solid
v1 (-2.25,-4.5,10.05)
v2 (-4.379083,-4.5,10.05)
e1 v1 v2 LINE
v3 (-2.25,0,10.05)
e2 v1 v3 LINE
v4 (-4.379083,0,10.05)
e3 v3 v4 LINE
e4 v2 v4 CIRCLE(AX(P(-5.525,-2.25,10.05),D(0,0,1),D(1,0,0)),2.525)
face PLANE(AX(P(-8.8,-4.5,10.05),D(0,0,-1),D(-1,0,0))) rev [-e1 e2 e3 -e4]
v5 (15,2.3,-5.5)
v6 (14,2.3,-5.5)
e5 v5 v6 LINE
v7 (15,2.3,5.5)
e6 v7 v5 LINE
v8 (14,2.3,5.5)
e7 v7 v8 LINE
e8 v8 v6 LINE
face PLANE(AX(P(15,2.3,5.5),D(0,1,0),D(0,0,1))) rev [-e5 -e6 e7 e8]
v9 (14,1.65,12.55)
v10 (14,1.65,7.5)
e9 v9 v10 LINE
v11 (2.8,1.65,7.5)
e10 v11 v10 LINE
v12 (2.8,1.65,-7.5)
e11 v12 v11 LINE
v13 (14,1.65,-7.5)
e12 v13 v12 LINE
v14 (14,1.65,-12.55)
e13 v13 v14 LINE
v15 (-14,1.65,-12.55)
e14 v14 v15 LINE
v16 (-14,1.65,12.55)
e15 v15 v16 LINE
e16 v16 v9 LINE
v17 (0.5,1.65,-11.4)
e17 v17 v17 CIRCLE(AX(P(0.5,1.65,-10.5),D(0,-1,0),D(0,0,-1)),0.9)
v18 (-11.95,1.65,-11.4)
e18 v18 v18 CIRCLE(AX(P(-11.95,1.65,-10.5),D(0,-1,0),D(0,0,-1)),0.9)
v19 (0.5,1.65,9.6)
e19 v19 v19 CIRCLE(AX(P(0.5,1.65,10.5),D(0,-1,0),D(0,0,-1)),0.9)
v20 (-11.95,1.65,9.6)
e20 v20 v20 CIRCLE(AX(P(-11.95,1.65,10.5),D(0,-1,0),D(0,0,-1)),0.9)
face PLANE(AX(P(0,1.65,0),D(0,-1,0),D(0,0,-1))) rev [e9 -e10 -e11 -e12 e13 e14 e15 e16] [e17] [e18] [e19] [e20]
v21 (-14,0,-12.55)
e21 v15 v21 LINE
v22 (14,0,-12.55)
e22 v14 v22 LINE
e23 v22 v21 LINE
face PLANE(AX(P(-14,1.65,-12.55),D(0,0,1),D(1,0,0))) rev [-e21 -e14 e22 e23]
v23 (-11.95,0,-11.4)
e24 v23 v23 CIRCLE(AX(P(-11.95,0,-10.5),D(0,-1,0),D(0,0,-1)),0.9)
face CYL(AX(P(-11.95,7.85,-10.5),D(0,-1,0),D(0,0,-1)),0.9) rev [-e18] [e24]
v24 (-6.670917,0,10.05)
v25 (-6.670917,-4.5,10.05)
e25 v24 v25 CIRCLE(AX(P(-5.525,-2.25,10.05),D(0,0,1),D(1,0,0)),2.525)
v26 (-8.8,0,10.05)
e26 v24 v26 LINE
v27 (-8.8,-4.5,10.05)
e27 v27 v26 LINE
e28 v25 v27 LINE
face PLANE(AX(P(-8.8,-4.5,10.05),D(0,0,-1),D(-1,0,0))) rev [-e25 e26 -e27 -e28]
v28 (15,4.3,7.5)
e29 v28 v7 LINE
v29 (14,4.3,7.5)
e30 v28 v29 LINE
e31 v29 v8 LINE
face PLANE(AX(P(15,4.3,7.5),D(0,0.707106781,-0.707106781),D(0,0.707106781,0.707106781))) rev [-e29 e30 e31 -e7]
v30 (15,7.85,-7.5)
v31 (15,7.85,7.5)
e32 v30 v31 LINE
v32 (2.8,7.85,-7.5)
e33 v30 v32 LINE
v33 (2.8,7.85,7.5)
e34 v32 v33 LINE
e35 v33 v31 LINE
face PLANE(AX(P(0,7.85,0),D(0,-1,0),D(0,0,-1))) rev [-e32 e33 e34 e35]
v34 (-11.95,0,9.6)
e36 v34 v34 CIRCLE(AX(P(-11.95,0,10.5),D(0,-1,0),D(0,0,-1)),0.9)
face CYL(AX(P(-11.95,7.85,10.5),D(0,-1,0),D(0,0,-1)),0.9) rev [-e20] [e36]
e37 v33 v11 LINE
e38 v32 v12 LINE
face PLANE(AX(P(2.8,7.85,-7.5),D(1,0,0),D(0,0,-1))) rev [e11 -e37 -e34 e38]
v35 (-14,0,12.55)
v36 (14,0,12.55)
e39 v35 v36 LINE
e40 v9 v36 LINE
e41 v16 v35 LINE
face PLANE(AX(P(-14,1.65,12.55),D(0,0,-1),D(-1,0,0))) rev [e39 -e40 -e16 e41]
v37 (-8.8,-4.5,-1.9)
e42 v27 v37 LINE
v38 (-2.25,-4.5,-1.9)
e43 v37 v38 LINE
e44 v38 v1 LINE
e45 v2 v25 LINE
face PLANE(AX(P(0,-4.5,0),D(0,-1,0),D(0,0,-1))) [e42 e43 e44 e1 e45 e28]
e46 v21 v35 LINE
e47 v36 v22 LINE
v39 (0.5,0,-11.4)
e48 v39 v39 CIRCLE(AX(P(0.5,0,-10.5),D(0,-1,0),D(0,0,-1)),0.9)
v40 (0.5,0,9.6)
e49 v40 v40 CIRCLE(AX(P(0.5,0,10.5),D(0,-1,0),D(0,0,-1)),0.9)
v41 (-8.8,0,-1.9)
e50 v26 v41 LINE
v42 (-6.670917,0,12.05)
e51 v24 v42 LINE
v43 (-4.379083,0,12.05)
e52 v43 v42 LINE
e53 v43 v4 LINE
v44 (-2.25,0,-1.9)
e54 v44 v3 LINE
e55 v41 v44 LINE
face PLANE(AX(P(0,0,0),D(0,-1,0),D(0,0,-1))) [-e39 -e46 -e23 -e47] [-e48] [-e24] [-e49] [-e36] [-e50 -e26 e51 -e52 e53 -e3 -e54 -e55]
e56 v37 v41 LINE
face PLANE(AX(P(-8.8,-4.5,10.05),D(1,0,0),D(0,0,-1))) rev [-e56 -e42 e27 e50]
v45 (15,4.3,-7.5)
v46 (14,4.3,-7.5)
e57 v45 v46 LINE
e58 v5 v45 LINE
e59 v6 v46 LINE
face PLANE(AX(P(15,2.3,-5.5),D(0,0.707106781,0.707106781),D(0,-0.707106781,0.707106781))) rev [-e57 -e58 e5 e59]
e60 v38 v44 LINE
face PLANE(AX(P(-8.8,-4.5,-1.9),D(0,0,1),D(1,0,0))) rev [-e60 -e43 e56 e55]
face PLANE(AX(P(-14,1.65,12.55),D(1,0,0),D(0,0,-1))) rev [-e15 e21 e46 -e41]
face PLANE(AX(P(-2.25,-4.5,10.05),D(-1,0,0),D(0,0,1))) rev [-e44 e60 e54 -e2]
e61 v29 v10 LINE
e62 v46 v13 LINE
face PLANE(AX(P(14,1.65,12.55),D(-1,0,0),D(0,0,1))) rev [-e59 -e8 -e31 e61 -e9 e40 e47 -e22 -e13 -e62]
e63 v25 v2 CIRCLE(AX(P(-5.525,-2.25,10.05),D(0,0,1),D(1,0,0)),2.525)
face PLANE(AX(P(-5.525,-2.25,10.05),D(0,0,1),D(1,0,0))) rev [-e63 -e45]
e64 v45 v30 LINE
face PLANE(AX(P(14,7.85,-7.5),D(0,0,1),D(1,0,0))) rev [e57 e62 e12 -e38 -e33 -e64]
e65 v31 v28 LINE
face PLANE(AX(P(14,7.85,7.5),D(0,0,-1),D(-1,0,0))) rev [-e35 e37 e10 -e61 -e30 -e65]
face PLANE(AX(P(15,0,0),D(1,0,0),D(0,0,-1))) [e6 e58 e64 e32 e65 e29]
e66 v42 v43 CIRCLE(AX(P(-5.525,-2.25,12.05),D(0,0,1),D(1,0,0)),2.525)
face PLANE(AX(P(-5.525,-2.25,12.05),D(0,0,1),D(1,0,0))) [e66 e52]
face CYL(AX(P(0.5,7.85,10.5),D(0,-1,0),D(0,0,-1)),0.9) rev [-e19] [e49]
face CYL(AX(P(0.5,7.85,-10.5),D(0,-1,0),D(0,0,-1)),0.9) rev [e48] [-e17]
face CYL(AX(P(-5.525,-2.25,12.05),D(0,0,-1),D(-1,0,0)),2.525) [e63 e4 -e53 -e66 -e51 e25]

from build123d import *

# Parameters (mm, degrees)
SKETCH1_W           = 28
SKETCH1_H           = 25.1
BOSS_EXTRUDE1_DEPTH = 1.65
SKETCH2_W           = 11.2
SKETCH2_H           = 15
BOSS_EXTRUDE2_DEPTH = 6.2
BOSS_EXTRUDE3_DEPTH = 1
SKETCH4_W           = 6.55
SKETCH4_H           = 11.95
BOSS_EXTRUDE4_DEPTH = 4.5
SKETCH5_R           = 2.525
BOSS_EXTRUDE5_DEPTH = 2
SKETCH6_R           = 0.9
CUT_EXTRUDE1_DEPTH  = 22.074273416


with BuildPart() as part:
    # Sketch1 → Boss-Extrude1 (new body)
    with BuildSketch(Plane(origin=(0, 0, 0), x_dir=(1, 0, 0), z_dir=(0, 1, 0))):
        Rectangle(SKETCH1_W, SKETCH1_H)
    extrude(amount=BOSS_EXTRUDE1_DEPTH)

    # Sketch2 → Boss-Extrude2 (add)
    with BuildSketch(Plane(origin=(0, 1.65, 0), x_dir=(1, 0, 0), z_dir=(0, 1, 0))):
        with Locations((8.4, 0)):
            Rectangle(SKETCH2_W, SKETCH2_H)
    extrude(amount=BOSS_EXTRUDE2_DEPTH)

    # Sketch3 → Boss-Extrude3 (add)
    with BuildSketch(Plane(origin=(14, 0, 0), x_dir=(0, 0, -1), z_dir=(1, 0, 0))):
        Polygon((-7.5, 4.3), (-7.5, 7.85), (7.5, 7.85), (7.5, 4.3), (5.5, 2.3), (-5.5, 2.3), align=None)
    extrude(amount=BOSS_EXTRUDE3_DEPTH)

    # Sketch4 → Boss-Extrude4 (add)
    with BuildSketch(Plane.XZ):
        with Locations((-5.525, 4.075)):
            Rectangle(SKETCH4_W, SKETCH4_H)
    extrude(amount=BOSS_EXTRUDE4_DEPTH)

    # Sketch5 → Boss-Extrude5 (add)
    with BuildSketch(Plane.XY.offset(10.05)):
        with Locations((-5.525, -2.25)):
            Circle(SKETCH5_R)
    extrude(amount=BOSS_EXTRUDE5_DEPTH)

    # Sketch6 → Cut-Extrude1 (cut, through all)
    with BuildSketch(Plane(origin=(0, 0, 0), x_dir=(-1, 0, 0), z_dir=(0, -1, 0))):
        with Locations(Location((11.95, -10.5, 0), (0, 0, 90))):
            Circle(SKETCH6_R)
        with Locations(Location((11.95, 10.5, 0), (0, 0, 90))):
            Circle(SKETCH6_R)
        with Locations(Location((-0.5, 10.5, 0), (0, 0, 90))):
            Circle(SKETCH6_R)
        with Locations(Location((-0.5, -10.5, 0), (0, 0, 90))):
            Circle(SKETCH6_R)
    extrude(amount=-CUT_EXTRUDE1_DEPTH, mode=Mode.SUBTRACT)


solid = part.part
